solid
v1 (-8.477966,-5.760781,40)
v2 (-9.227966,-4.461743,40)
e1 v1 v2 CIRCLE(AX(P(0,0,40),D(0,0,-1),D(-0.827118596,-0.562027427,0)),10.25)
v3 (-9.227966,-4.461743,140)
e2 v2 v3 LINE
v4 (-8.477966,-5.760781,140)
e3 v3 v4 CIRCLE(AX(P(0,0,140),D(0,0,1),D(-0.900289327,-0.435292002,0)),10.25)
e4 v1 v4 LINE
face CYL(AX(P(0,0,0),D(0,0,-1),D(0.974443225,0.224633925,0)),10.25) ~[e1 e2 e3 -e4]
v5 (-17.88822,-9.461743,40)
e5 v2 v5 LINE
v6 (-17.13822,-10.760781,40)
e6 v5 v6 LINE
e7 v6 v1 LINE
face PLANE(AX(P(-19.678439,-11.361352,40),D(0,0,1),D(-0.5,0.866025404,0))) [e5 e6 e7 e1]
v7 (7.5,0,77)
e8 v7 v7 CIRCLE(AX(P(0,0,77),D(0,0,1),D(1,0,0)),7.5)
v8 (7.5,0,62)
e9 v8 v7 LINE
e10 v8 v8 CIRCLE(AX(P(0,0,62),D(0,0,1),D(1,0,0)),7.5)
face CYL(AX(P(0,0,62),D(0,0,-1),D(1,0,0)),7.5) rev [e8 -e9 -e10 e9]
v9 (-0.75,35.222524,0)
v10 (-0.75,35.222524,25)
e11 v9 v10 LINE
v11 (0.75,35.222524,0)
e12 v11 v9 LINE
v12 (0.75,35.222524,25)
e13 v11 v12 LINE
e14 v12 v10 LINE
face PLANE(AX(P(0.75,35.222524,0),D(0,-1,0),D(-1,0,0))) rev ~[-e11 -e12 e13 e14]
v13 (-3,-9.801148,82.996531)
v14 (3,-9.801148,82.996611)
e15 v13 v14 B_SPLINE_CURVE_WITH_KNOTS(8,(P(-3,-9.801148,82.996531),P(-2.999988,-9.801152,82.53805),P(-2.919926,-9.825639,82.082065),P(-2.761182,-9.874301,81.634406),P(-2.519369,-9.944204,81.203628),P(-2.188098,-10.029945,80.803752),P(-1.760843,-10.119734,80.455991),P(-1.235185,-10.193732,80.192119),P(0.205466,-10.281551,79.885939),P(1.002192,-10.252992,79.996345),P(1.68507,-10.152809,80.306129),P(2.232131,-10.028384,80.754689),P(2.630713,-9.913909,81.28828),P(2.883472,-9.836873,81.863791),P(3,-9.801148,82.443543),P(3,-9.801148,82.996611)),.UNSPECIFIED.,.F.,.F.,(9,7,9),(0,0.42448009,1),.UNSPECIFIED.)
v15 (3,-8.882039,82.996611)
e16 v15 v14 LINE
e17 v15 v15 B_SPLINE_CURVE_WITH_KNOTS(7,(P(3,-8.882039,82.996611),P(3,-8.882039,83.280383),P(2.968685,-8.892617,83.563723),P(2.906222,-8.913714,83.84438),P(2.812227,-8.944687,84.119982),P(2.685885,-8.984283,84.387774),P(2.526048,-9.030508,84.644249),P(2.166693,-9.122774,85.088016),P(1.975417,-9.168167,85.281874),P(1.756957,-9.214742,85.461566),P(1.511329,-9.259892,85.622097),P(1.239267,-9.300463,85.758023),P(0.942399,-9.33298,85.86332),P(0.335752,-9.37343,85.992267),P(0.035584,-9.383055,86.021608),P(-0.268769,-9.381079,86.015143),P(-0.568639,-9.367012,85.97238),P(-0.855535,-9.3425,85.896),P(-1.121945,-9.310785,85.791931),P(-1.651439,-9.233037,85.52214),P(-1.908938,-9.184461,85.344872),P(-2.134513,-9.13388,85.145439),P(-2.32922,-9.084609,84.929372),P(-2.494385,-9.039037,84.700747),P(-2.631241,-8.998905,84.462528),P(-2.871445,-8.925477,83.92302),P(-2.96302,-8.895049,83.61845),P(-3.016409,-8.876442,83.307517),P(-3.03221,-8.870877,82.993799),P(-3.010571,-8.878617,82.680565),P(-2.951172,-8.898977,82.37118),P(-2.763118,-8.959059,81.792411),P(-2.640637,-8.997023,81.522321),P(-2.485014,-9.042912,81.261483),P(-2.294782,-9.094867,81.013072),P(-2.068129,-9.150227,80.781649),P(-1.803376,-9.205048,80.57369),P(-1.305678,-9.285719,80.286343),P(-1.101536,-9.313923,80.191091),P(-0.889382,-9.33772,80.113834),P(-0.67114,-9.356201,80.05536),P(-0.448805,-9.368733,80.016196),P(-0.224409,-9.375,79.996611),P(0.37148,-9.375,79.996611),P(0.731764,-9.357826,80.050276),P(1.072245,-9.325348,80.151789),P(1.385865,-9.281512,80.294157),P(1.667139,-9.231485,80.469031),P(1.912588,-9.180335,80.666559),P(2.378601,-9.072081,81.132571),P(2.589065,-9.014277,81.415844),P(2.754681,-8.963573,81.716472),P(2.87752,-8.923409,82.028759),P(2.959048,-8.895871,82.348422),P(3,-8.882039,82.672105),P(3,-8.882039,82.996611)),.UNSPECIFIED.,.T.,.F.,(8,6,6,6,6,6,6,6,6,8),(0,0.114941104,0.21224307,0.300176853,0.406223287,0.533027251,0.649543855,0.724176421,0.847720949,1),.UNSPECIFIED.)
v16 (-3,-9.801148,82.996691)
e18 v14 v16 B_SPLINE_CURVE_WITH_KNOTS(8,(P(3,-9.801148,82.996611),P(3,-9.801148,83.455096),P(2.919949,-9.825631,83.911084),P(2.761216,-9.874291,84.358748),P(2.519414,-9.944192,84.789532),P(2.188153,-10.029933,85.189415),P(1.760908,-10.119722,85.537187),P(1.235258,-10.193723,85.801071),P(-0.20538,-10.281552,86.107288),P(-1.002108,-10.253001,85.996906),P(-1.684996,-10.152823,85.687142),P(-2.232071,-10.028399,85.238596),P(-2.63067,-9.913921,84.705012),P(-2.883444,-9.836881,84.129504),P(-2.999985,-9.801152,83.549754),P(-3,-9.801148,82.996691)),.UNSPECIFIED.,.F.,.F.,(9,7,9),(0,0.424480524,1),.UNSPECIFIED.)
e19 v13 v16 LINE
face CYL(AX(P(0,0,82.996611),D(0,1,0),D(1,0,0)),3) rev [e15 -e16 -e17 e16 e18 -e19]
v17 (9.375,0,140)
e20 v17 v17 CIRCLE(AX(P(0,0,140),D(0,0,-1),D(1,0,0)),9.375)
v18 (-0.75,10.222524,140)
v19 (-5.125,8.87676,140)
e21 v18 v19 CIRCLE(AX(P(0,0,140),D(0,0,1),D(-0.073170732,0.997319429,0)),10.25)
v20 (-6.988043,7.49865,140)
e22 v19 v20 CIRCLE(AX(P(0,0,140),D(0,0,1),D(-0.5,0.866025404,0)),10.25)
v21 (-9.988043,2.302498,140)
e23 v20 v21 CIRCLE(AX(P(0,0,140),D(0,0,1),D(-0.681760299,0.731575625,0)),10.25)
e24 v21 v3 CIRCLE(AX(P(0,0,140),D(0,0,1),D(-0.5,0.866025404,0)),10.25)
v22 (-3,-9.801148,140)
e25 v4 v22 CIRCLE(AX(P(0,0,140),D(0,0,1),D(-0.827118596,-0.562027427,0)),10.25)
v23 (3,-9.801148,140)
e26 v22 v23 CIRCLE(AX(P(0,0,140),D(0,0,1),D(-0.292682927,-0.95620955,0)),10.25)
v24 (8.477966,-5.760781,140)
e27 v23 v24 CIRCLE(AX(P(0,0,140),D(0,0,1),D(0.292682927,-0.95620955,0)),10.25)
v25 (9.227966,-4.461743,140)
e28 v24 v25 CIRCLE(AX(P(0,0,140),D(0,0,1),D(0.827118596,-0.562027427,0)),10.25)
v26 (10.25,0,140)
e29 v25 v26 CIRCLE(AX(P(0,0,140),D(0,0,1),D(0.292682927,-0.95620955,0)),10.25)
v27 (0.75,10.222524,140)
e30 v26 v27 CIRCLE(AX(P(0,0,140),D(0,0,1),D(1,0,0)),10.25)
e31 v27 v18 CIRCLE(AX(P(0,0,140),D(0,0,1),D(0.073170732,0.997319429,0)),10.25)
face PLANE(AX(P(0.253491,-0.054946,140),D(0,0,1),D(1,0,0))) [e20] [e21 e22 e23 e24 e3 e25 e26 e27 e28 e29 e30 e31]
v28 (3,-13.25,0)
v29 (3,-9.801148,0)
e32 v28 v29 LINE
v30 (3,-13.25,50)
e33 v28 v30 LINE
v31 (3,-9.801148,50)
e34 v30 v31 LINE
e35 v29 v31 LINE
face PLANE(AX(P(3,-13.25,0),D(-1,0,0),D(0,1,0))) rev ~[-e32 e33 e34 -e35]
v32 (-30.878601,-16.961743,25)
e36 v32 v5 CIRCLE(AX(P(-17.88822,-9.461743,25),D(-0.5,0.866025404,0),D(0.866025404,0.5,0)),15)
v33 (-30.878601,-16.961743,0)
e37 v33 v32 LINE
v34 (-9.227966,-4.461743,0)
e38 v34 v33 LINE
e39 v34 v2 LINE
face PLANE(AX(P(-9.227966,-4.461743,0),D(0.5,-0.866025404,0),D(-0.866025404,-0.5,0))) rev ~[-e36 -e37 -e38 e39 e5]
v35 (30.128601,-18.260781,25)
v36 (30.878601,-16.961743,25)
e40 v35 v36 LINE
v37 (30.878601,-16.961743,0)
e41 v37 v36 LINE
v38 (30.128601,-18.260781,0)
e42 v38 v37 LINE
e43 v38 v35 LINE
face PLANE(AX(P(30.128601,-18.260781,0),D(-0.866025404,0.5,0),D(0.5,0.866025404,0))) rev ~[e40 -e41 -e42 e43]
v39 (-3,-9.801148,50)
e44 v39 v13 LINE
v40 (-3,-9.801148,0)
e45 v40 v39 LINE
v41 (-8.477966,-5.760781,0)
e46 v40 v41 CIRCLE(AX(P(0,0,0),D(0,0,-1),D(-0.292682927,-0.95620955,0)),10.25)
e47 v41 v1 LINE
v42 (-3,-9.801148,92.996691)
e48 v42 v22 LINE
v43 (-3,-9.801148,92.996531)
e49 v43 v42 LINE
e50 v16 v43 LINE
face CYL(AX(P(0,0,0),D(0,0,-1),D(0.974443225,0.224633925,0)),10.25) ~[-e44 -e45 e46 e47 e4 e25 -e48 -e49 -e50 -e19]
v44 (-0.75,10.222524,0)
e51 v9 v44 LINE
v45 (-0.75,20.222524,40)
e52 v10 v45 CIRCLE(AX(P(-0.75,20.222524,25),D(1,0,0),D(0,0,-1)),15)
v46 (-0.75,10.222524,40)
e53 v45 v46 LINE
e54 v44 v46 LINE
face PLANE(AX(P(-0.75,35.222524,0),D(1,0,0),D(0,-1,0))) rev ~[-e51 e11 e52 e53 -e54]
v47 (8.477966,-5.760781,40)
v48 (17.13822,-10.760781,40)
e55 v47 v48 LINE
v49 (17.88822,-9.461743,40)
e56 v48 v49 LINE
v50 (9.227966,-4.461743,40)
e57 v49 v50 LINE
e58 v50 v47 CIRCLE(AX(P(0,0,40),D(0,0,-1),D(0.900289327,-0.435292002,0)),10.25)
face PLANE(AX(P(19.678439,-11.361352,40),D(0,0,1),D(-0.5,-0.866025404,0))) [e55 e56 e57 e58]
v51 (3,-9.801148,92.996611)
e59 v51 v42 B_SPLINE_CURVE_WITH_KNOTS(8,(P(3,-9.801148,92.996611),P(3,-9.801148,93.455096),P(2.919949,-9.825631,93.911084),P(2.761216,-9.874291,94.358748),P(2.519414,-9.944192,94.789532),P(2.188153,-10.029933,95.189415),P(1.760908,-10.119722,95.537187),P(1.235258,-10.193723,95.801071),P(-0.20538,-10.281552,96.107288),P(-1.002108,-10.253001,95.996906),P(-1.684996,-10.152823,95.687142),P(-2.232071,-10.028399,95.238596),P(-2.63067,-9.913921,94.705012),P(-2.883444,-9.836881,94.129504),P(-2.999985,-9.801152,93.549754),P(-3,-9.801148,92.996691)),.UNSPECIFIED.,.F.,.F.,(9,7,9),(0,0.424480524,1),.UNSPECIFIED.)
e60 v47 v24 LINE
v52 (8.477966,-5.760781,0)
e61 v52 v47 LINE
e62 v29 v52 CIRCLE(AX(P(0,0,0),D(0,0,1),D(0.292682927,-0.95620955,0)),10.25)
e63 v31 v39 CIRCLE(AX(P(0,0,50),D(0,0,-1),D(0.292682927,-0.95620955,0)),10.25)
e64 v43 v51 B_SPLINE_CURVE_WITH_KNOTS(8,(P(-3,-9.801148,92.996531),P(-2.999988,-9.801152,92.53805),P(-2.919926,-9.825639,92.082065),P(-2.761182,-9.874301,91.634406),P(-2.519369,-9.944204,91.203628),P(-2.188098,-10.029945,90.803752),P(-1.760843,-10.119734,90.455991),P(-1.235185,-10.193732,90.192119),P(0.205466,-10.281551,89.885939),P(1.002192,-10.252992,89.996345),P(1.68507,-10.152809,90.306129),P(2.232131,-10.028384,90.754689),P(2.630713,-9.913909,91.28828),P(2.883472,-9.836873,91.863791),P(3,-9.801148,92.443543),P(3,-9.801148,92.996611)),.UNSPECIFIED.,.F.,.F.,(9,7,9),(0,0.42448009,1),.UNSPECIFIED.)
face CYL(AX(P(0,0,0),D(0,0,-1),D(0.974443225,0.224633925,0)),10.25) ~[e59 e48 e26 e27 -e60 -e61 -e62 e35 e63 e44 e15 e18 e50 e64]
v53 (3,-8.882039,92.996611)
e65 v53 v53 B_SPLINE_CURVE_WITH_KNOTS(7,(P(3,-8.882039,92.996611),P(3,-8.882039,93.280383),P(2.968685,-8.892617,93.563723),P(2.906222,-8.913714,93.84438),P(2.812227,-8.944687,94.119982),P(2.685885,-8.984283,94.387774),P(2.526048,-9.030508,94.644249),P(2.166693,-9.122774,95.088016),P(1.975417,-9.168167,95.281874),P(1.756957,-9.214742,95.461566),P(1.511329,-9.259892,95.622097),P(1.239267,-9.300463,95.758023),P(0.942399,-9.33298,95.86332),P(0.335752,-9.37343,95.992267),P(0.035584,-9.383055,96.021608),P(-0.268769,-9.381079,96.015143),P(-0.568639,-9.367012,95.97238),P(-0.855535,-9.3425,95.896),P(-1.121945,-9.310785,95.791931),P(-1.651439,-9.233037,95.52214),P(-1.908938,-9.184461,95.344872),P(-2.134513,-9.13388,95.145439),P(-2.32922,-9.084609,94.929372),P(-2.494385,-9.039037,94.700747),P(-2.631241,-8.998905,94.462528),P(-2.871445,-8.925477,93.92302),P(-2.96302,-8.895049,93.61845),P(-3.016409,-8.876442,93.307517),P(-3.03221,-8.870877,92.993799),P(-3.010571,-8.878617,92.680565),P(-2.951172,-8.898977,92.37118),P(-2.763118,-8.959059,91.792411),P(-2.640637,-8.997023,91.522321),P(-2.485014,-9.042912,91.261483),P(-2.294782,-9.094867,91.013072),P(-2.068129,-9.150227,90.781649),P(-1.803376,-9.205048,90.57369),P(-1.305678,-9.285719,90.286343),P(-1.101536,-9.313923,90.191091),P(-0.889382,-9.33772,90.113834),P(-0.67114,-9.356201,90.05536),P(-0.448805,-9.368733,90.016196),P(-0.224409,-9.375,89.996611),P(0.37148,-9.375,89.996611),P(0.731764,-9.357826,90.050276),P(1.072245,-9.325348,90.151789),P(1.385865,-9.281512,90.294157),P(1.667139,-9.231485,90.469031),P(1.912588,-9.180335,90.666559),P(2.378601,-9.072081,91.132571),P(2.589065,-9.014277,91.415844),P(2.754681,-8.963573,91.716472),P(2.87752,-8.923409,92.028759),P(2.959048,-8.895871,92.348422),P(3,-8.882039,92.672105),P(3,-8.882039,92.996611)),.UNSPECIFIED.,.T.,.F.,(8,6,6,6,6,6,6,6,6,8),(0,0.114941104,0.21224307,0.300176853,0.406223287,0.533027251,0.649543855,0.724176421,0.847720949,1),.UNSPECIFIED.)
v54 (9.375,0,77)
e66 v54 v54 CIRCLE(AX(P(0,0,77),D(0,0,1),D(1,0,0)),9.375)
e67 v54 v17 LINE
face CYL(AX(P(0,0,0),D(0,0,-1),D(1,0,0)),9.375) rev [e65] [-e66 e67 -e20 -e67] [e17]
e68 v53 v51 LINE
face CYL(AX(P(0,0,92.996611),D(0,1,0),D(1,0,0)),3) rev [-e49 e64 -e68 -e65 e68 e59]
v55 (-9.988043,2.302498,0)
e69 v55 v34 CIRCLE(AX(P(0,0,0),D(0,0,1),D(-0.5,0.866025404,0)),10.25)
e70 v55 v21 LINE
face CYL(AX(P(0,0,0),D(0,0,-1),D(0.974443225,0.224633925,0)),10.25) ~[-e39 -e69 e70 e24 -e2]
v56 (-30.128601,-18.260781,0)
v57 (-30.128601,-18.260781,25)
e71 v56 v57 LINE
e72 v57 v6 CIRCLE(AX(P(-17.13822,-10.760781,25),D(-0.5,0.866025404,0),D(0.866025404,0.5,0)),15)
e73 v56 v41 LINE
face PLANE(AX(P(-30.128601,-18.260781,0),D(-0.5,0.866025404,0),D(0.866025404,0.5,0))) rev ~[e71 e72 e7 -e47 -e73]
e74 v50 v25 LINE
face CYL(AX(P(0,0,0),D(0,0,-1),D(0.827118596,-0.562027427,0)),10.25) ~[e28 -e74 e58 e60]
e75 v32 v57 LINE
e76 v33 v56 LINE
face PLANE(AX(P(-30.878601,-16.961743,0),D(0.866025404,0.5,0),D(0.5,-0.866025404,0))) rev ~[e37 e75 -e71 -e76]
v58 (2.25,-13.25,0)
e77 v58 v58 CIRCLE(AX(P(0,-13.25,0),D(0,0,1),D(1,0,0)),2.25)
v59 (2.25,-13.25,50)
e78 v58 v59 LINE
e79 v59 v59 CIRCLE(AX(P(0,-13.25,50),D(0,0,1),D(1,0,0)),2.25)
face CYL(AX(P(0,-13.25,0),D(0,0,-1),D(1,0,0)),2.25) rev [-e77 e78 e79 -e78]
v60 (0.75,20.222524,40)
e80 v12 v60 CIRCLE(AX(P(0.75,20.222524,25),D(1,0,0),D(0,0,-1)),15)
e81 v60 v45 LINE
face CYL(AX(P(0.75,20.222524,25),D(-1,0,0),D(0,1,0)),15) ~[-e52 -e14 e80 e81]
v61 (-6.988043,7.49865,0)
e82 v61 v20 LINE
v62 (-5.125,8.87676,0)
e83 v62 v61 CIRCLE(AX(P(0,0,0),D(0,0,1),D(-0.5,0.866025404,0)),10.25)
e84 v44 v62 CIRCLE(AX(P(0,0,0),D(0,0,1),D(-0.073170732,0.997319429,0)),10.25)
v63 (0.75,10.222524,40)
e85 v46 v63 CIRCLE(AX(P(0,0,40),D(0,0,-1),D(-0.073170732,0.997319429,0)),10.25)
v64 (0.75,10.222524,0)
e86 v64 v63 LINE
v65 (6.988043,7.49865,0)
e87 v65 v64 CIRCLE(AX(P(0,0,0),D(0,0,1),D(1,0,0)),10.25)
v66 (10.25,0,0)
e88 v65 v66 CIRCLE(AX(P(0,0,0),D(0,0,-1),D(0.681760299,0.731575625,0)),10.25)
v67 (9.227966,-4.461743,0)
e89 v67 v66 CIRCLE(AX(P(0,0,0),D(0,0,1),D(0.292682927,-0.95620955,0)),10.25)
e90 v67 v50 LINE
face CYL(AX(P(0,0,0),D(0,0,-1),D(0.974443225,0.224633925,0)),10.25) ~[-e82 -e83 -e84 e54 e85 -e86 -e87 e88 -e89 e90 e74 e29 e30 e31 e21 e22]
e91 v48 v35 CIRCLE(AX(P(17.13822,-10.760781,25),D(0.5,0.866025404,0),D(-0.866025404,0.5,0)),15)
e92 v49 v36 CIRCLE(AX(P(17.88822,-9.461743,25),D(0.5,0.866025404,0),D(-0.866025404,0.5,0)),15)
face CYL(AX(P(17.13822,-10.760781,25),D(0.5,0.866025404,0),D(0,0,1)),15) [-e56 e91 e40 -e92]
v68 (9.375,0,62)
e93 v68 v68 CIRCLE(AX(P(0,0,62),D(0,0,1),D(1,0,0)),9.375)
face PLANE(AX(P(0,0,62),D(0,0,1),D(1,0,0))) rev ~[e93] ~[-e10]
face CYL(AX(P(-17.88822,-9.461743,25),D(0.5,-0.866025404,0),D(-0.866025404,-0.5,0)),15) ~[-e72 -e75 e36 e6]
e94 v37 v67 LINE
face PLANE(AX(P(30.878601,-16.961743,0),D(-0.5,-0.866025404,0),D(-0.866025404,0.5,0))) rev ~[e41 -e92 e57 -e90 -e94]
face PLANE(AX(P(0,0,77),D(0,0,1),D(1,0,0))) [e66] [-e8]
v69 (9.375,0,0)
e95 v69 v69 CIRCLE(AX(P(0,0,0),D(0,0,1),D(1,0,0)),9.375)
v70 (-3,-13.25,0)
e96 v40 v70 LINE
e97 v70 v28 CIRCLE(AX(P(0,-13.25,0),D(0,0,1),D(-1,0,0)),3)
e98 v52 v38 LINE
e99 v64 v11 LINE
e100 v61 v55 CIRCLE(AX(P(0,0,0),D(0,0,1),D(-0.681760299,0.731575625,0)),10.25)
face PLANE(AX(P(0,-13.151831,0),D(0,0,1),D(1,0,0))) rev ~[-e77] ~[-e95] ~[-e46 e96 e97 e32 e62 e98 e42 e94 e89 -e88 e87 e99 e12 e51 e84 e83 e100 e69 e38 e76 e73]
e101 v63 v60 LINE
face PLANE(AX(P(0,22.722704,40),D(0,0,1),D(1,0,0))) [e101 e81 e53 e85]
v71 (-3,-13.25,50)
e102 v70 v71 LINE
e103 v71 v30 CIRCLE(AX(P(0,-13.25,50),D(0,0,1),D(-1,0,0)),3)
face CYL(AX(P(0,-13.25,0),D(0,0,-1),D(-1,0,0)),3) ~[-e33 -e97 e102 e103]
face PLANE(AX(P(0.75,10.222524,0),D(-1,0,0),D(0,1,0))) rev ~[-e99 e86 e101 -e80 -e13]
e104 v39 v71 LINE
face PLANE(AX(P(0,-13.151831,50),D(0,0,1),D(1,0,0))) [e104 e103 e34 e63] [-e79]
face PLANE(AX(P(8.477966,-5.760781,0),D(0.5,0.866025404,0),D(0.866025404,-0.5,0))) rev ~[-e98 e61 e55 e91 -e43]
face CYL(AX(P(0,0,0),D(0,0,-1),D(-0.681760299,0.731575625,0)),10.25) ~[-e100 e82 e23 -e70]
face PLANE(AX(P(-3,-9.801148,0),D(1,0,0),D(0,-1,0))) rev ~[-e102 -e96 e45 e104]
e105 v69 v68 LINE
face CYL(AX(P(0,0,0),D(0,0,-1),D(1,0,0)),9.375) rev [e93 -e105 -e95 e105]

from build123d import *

# Parameters (mm, degrees)
F0_R     = 9.375
F1_DEPTH = 140
F2_DEPTH = 40
F3_COUNT = 3
F0_R_2   = 2.25
F4_DEPTH = 50
F5_START = 62
F0_R_3   = 7.5
F5_DEPTH = 15
F6_R     = 3
F7_DEPTH = 25
F8_R     = 15


with BuildPart() as f1:
    # F0 (on Top) → F1 (new body)
    with BuildSketch(Plane.XY):
        with BuildLine():
            ThreePointArc((3, -9.801147892), (8.2405248619, -6.0955926701), (10.25, 0))
            ThreePointArc((10.25, 0), (7.5083287088, 6.9776428685), (0.75, 10.2225241501))
            ThreePointArc((0.75, 10.2225241501), (0, 10.25), (-0.75, 10.2225241501))
            ThreePointArc((-0.75, 10.2225241501), (-10.185896402, 1.1445586432), (-3, -9.801147892))
            ThreePointArc((-3, -9.801147892), (-1.5166961062, -10.1371659216), (-1.65e-08, -10.25))
            ThreePointArc((-1.65e-08, -10.25), (1.5166960899, -10.137165924), (3, -9.801147892))
        make_face()
        Circle(F0_R, mode=Mode.SUBTRACT)
    extrude(amount=F1_DEPTH)

    # F0 (on Top) → F2 (join)
    with BuildSketch(Plane.XY):
        with BuildLine():
            ThreePointArc((-0.75, 10.2225241501), (0, 10.25), (0.75, 10.2225241501))
            Line((0.75, 10.2225241501), (0.75, 35.2225241501))
            Line((0.75, 35.2225241501), (-0.75, 35.2225241501))
            Line((-0.75, 35.2225241501), (-0.75, 10.2225241501))
        make_face()
    extrude(amount=F2_DEPTH)


with BuildPart() as f3_1:
    # F3: instance of F1
    add(f1.part.rotate(Axis((0, 0, 140), (0, 0, 1)), 1 * 360 / F3_COUNT))


with BuildPart() as f3_2:
    # F3: instance of F1
    add(f1.part.rotate(Axis((0, 0, 140), (0, 0, 1)), 2 * 360 / F3_COUNT))


with BuildPart() as f1_1:
    add(f1.part)

    add(f3_1.part)  # F4 merges F3_1

    add(f3_2.part)  # F4 merges F3_2
    # F0 (on Top) → F4 (join)
    with BuildSketch(Plane.XY):
        with BuildLine():
            ThreePointArc((3, -13.25), (2.1213203377, -11.1286796506), (-1.65e-08, -10.25))
            ThreePointArc((-1.65e-08, -10.25), (-2.1213203494, -11.1286796623), (-3, -13.25))
            ThreePointArc((-3, -13.25), (0, -16.25), (3, -13.25))
        make_face()
        with Locations((0, -13.25)):
            Circle(F0_R_2, mode=Mode.SUBTRACT)
        with BuildLine():
            Line((3, -13.25), (3, -9.801147892))
            ThreePointArc((3, -9.801147892), (1.5166960899, -10.137165924), (-1.65e-08, -10.25))
            ThreePointArc((-1.65e-08, -10.25), (2.1213203377, -11.1286796506), (3, -13.25))
        make_face()
        with BuildLine():
            ThreePointArc((-3, -13.25), (-2.1213203494, -11.1286796623), (-1.65e-08, -10.25))
            ThreePointArc((-1.65e-08, -10.25), (-1.5166961062, -10.1371659216), (-3, -9.801147892))
            Line((-3, -9.801147892), (-3, -13.25))
        make_face()
    extrude(amount=F4_DEPTH)

    # F0 (on Top) → F5 (join)
    with BuildSketch(Plane.XY.offset(F5_START)):
        Circle(F0_R)
        Circle(F0_R_3, mode=Mode.SUBTRACT)
    extrude(amount=F5_DEPTH)

    # F6 (on Front) → F7 (cut)
    with BuildSketch(Plane.XZ):
        with Locations((0, 82.9966113766)):
            Circle(F6_R)
        with Locations((0, 92.9966113766)):
            Circle(F6_R)
    extrude(amount=F7_DEPTH, mode=Mode.SUBTRACT)

    # F8
    f8_edges = [f1_1.edges().sort_by_distance(p)[0] for p in [
        (0, 35.222524, 40),
        (30.503601, -17.611262, 40),
        (-30.503601, -17.611262, 40),
    ]]
    fillet(f8_edges, radius=F8_R)


solid = f1_1.part
